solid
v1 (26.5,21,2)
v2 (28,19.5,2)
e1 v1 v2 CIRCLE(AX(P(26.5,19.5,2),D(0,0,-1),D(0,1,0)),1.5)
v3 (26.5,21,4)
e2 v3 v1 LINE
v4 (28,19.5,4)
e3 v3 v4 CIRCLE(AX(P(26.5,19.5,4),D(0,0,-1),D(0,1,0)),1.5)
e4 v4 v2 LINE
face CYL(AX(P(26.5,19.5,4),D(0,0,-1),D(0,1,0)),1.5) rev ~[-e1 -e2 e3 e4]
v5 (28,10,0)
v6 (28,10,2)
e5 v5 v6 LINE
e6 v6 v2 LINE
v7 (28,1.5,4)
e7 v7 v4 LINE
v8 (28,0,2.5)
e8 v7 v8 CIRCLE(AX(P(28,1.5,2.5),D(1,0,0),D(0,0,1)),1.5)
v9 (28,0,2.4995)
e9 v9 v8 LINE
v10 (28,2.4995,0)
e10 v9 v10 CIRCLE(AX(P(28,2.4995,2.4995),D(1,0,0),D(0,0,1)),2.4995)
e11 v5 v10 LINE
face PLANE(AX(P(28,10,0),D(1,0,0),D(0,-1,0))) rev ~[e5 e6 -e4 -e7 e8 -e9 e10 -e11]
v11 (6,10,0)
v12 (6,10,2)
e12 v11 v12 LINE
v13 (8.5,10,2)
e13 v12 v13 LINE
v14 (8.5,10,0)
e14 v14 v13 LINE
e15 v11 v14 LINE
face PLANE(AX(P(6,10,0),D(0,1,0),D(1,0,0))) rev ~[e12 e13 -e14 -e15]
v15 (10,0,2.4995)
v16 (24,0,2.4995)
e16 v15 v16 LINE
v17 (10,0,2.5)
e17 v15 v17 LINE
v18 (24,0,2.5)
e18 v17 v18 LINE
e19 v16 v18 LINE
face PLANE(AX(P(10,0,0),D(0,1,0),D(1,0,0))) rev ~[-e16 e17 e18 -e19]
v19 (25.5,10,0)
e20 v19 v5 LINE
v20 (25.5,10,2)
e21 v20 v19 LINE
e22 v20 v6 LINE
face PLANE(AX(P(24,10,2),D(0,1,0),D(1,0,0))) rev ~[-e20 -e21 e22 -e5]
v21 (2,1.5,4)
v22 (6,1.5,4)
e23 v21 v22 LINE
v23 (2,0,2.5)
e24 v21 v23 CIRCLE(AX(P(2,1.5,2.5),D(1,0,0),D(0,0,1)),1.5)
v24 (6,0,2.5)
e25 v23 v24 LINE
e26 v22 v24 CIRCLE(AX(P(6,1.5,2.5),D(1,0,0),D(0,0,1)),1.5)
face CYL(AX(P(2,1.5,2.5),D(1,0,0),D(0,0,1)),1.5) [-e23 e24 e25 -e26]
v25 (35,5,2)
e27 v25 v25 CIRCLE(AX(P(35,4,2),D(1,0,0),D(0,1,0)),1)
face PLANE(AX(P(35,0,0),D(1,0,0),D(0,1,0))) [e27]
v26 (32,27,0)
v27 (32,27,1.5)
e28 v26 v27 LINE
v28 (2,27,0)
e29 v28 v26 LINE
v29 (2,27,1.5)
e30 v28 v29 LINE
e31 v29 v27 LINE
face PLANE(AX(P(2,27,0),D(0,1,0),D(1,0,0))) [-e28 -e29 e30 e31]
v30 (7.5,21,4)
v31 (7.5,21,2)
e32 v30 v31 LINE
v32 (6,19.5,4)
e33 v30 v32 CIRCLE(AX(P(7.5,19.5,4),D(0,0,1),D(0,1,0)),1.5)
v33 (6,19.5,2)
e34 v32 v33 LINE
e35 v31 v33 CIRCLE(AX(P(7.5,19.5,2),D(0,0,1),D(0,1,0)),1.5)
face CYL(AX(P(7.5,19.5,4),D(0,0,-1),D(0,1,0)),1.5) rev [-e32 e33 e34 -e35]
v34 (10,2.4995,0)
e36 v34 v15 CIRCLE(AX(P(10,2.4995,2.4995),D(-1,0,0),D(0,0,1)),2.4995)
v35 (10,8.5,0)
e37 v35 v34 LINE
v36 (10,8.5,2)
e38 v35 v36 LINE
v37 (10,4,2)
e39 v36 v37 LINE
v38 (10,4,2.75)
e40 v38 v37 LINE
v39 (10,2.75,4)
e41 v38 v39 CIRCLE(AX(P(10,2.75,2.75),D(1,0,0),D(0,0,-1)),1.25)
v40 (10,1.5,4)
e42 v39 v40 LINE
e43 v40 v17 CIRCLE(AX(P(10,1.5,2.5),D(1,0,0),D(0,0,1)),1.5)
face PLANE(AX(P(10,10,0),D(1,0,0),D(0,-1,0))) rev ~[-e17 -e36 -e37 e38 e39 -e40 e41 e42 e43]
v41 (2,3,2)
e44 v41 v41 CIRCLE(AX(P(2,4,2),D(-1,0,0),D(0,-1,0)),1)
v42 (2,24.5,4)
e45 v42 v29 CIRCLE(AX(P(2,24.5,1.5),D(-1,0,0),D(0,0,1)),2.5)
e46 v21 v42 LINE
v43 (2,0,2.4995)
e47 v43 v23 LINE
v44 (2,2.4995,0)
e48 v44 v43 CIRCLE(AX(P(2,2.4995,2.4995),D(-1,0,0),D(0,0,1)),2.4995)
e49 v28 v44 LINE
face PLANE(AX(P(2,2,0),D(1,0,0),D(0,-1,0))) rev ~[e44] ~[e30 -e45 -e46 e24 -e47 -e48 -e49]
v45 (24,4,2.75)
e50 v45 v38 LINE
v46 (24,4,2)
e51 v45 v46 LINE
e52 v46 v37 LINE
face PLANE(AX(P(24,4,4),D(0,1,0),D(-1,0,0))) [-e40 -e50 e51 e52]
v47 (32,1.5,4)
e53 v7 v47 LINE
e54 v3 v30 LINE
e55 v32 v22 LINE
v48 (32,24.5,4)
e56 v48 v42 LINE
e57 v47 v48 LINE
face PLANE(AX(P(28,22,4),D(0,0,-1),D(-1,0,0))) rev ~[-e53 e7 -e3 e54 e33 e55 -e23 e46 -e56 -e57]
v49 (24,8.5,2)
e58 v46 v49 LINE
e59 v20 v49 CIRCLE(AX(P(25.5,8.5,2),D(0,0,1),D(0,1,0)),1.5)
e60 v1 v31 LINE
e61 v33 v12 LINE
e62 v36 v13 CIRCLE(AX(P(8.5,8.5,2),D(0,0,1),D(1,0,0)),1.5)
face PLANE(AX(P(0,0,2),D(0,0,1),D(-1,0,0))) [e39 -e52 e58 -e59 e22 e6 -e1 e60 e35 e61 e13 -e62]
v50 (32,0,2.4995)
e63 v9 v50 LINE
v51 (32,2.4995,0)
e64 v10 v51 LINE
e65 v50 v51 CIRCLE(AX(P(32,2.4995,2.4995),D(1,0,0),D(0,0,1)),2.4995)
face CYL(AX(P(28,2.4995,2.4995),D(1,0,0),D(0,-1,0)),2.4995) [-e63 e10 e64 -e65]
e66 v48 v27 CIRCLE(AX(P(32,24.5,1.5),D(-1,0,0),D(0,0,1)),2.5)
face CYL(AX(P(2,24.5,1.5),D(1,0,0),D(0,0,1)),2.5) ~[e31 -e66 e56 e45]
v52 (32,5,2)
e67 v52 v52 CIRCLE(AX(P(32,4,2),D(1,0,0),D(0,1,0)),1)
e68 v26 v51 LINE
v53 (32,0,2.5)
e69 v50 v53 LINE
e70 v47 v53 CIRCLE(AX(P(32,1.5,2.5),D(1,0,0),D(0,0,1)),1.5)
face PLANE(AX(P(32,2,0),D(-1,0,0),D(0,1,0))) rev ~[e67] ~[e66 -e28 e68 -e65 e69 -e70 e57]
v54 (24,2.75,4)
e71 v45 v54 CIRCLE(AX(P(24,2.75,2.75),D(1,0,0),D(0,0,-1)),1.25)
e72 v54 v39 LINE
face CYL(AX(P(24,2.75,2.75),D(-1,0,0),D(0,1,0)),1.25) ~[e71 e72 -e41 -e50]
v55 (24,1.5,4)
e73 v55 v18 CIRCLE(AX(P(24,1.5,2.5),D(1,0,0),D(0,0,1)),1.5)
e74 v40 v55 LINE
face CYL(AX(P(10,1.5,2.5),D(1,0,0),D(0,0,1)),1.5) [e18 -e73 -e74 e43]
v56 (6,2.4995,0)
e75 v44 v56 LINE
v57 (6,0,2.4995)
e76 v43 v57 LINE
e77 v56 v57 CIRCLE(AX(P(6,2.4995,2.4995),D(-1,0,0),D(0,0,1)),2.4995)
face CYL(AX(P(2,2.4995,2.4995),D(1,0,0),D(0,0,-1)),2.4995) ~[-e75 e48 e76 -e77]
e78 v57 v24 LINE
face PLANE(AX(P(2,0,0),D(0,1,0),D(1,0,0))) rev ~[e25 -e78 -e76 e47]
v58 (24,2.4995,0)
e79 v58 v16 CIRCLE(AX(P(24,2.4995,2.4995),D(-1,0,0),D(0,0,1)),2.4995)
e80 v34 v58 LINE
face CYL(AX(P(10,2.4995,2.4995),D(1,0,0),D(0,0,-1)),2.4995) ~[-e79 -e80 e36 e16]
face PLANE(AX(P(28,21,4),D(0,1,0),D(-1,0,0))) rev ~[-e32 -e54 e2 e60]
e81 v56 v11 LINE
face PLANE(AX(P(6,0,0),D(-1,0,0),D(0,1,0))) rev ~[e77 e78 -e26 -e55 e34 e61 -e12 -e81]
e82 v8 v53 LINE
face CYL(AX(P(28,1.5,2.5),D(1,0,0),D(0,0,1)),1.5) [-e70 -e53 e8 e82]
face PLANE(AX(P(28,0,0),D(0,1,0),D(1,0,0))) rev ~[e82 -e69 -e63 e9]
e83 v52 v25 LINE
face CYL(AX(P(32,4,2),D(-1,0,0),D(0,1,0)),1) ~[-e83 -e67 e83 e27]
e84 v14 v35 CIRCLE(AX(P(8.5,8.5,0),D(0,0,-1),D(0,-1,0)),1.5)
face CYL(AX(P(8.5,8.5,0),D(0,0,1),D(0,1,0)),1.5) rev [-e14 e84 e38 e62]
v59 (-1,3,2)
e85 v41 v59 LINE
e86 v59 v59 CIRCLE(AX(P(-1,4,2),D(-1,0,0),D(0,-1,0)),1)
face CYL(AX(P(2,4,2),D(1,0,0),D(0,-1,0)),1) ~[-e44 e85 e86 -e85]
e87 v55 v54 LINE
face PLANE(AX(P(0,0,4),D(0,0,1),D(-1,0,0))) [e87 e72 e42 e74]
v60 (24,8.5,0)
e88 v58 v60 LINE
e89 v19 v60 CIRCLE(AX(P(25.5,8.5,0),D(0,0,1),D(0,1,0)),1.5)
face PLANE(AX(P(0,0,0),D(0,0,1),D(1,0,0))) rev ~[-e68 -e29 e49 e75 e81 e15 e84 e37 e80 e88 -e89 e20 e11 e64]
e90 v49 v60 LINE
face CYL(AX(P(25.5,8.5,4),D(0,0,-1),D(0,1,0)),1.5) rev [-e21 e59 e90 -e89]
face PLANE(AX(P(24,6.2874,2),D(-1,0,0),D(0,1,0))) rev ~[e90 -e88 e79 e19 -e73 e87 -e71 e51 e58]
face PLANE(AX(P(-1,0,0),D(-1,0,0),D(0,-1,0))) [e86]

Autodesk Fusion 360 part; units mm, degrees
sketch "Sketch1" plane through (0, 0, 0) normal (0, 0, 1) x (1, 0, 0)
  line L0 (0, 0) -> (2, 0)
  line L1 (2, 0) -> (6, 0)
  line L2 (6, 0) -> (6, 10)
  line L3 (6, 10) -> (10, 10)
  line L4 (10, 10) -> (10, 0)
  line L5 (10, 0) -> (24, 0)
  line L6 (24, 0) -> (24, 10)
  line L7 (24, 10) -> (28, 10)
  line L8 (28, 10) -> (28, 0)
  line L9 (28, 0) -> (32, 0)
  line L10 (32, 0) -> (34, 0)
  line L11 (34, 0) -> (34, 2)
  line L12 (34, 2) -> (32, 2)
  line L13 (32, 2) -> (32, 27)
  line L14 (0, 0) -> (0, 2)
  line L15 (0, 2) -> (2, 2)
  line L16 (2, 2) -> (2, 27)
  line L17 (2, 27) -> (32, 27)
  line L18 (2, 2) -> (2, 0)
  line L19 (32, 2) -> (32, 0)
  dimension "d1" = 2
  dimension "d2" = 4
  dimension "d3" = 10
  dimension "d4" = 4
  dimension "d5" = 14
  dimension "d6" = 4
  dimension "d7" = 4
  dimension "d8" = 2
  dimension "d9" = 2
  dimension "d10" = 2
  dimension "d11" = 25
  dimension "d12" = 2
  dimension "d13" = 2
  dimension "d14" = 25
  dimension "d43" = 30
extrude "Extrude1" add sketch "Sketch1" along normal blind 4 contours L1 L2 L3 L4 L5 L6 L7 L8 L9 L13 L16 L17 L18 L19
sketch "Sketch2" plane through (32, 0, 0) normal (1, 0, 0) x (0, 1, 0)
  line L0 (0, 0) -> (27, 0)
  line L1 (27, 0) -> (27, 4)
  line L2 (27, 4) -> (0, 4)
  line L3 (0, 4) -> (0, 0)
  circle A0 centre (4, 2) radius 1
  dimension "d17" = 2
  dimension "d56" = 2
  dimension "d57" = 4
sketch "Sketch3" plane through (32, 0, 0) normal (1, 0, 0) x (0, 1, 0)
  line L0 (0, 4) -> (0, 0)
  line L1 (0, 4) -> (0, 2)
  line L2 (0, 2) -> (4.8814, 2)
  point P0 (0, 4)
extrude "Extrude2" add sketch "Sketch2" along normal blind 3 contours A0
sketch "Sketch4" plane through (2, 0, 0) normal (-1, 0, 0) x (0, -1, 0)
  line L0 (-27, 0) -> (0, 0)
  line L1 (0, 0) -> (0, 4)
  line L2 (0, 4) -> (-27, 4)
  line L3 (-27, 4) -> (-27, 0)
  circle A0 centre (-4, 2) radius 1
  line L4 (0, 0) -> (0, 2)
  dimension "d20" = 2
  dimension "d54" = 2
  dimension "d55" = 4
extrude "Extrude3" add sketch "Sketch4" along normal blind 3 contours A0
fillet "Fillet1" radius 2.5 1 edges at (17, 27, 4)
sketch "Sketch5" plane through (0, 0, 4) normal (0, 0, 1) x (-1, 0, 0)
  line L0 (-32, -24.5) -> (-2, -24.5)
  line L1 (-2, -24.5) -> (-2, 0)
  line L2 (-2, 0) -> (-6, 0)
  line L3 (-6, 0) -> (-6, -10)
  line L4 (-6, -10) -> (-10, -10)
  line L5 (-10, -10) -> (-10, 0)
  line L6 (-10, 0) -> (-24, 0)
  line L7 (-24, 0) -> (-24, -10)
  line L8 (-24, -10) -> (-28, -10)
  line L9 (-28, -10) -> (-28, 0)
  line L10 (-28, 0) -> (-32, 0)
  line L11 (-32, 0) -> (-32, -24.5)
  line L12 (-28, -6.2874) -> (-16.9, -6.2874)
  line L13 (-16.9, -6.2874) -> (-16.9, -24.5)
  line L14 (-16.9, -24.5) -> (-28, -24.5)
  line L15 (-28, -24.5) -> (-28, -6.2874)
extrude "Extrude4" cut sketch "Sketch5" against normal blind 2 contours L0 L7 L8 L12 L13 L14 L15
fillet "Fillet2" radius 1.5 1 edges at (17, 0, 4)
fillet "Fillet3" radius 1.5 1 edges at (4, 0, 4)
fillet "Fillet4" radius 1.5 1 edges at (30, 0, 4)
sketch "Sketch6" plane through (0, 0, 2) normal (0, 0, 1) x (-1, 0, 0)
  line L0 (-16.9, -6.2874) -> (-24, -6.2874)
  line L1 (-24, -6.2874) -> (-24, -10)
  line L2 (-24, -10) -> (-28, -10)
  line L3 (-28, -10) -> (-28, -24.5)
  line L4 (-28, -24.5) -> (-16.9, -24.5)
  line L5 (-16.9, -24.5) -> (-16.9, -6.2874)
  line L6 (-28, -24.5) -> (-3.7012, -24.5)
  line L7 (-3.7012, -24.5) -> (-3.7012, -19.6935)
  line L8 (-28, -19.6935) -> (-28, -24.5)
extrude "Extrude6" add sketch "Sketch6" along normal blind 2
fillet "Fillet9" radius 1.5 2 edges at (10, 10, 2) (24, 10, 2)
extrude "Extrude5" add sketch "Sketch6" along normal blind 2
sketch "Sketch7" plane through (0, 0, 4) normal (0, 0, 1) x (-1, 0, 0)
  line L0 (-28, -10) -> (-28, -1.5)
  line L1 (-28, -1.5) -> (-32, -1.5)
  line L2 (-32, -1.5) -> (-32, -24.5)
  line L3 (-32, -24.5) -> (-2, -24.5)
  line L4 (-2, -24.5) -> (-2, -1.5)
  line L5 (-2, -1.5) -> (-6, -1.5)
  line L6 (-6, -1.5) -> (-6, -10)
  line L7 (-6, -10) -> (-8.5, -10)
  arc A0 (-10, -8.5) -> (-8.5, -10) centre (-8.5, -8.5) ccw
  line L8 (-10, -8.5) -> (-10, -1.5)
  line L9 (-10, -1.5) -> (-24, -1.5)
  line L10 (-24, -1.5) -> (-24, -8.5)
  arc A1 (-25.5, -10) -> (-24, -8.5) centre (-25.5, -8.5) ccw
  line L11 (-25.5, -10) -> (-28, -10)
  line L12 (-24, -4) -> (-10, -4)
  line L13 (-28, -10) -> (-28, -22)
  line L14 (-28, -22) -> (-6, -22)
  line L15 (-6, -22) -> (-6, -10)
extrude "Extrude7" cut sketch "Sketch7" against normal blind 2 contours L7 A0 L8 L10 A1 L11 L12 L13 L14 L15
extrude "Extrude8" add 1 faces at (20.6667, 22, 3.3333) along direction (0, -1, 0) blind 1
fillet "Fillet10" radius 1.5 2 edges at (6, 21, 3) (28, 21, 3)
fillet "Fillet11" radius 2.5 3 edges at (17, 0, 0) (4, 0, 0) (30, 0, 0)
fillet "Fillet12" radius 1.25 1 edges at (17, 4, 4)
